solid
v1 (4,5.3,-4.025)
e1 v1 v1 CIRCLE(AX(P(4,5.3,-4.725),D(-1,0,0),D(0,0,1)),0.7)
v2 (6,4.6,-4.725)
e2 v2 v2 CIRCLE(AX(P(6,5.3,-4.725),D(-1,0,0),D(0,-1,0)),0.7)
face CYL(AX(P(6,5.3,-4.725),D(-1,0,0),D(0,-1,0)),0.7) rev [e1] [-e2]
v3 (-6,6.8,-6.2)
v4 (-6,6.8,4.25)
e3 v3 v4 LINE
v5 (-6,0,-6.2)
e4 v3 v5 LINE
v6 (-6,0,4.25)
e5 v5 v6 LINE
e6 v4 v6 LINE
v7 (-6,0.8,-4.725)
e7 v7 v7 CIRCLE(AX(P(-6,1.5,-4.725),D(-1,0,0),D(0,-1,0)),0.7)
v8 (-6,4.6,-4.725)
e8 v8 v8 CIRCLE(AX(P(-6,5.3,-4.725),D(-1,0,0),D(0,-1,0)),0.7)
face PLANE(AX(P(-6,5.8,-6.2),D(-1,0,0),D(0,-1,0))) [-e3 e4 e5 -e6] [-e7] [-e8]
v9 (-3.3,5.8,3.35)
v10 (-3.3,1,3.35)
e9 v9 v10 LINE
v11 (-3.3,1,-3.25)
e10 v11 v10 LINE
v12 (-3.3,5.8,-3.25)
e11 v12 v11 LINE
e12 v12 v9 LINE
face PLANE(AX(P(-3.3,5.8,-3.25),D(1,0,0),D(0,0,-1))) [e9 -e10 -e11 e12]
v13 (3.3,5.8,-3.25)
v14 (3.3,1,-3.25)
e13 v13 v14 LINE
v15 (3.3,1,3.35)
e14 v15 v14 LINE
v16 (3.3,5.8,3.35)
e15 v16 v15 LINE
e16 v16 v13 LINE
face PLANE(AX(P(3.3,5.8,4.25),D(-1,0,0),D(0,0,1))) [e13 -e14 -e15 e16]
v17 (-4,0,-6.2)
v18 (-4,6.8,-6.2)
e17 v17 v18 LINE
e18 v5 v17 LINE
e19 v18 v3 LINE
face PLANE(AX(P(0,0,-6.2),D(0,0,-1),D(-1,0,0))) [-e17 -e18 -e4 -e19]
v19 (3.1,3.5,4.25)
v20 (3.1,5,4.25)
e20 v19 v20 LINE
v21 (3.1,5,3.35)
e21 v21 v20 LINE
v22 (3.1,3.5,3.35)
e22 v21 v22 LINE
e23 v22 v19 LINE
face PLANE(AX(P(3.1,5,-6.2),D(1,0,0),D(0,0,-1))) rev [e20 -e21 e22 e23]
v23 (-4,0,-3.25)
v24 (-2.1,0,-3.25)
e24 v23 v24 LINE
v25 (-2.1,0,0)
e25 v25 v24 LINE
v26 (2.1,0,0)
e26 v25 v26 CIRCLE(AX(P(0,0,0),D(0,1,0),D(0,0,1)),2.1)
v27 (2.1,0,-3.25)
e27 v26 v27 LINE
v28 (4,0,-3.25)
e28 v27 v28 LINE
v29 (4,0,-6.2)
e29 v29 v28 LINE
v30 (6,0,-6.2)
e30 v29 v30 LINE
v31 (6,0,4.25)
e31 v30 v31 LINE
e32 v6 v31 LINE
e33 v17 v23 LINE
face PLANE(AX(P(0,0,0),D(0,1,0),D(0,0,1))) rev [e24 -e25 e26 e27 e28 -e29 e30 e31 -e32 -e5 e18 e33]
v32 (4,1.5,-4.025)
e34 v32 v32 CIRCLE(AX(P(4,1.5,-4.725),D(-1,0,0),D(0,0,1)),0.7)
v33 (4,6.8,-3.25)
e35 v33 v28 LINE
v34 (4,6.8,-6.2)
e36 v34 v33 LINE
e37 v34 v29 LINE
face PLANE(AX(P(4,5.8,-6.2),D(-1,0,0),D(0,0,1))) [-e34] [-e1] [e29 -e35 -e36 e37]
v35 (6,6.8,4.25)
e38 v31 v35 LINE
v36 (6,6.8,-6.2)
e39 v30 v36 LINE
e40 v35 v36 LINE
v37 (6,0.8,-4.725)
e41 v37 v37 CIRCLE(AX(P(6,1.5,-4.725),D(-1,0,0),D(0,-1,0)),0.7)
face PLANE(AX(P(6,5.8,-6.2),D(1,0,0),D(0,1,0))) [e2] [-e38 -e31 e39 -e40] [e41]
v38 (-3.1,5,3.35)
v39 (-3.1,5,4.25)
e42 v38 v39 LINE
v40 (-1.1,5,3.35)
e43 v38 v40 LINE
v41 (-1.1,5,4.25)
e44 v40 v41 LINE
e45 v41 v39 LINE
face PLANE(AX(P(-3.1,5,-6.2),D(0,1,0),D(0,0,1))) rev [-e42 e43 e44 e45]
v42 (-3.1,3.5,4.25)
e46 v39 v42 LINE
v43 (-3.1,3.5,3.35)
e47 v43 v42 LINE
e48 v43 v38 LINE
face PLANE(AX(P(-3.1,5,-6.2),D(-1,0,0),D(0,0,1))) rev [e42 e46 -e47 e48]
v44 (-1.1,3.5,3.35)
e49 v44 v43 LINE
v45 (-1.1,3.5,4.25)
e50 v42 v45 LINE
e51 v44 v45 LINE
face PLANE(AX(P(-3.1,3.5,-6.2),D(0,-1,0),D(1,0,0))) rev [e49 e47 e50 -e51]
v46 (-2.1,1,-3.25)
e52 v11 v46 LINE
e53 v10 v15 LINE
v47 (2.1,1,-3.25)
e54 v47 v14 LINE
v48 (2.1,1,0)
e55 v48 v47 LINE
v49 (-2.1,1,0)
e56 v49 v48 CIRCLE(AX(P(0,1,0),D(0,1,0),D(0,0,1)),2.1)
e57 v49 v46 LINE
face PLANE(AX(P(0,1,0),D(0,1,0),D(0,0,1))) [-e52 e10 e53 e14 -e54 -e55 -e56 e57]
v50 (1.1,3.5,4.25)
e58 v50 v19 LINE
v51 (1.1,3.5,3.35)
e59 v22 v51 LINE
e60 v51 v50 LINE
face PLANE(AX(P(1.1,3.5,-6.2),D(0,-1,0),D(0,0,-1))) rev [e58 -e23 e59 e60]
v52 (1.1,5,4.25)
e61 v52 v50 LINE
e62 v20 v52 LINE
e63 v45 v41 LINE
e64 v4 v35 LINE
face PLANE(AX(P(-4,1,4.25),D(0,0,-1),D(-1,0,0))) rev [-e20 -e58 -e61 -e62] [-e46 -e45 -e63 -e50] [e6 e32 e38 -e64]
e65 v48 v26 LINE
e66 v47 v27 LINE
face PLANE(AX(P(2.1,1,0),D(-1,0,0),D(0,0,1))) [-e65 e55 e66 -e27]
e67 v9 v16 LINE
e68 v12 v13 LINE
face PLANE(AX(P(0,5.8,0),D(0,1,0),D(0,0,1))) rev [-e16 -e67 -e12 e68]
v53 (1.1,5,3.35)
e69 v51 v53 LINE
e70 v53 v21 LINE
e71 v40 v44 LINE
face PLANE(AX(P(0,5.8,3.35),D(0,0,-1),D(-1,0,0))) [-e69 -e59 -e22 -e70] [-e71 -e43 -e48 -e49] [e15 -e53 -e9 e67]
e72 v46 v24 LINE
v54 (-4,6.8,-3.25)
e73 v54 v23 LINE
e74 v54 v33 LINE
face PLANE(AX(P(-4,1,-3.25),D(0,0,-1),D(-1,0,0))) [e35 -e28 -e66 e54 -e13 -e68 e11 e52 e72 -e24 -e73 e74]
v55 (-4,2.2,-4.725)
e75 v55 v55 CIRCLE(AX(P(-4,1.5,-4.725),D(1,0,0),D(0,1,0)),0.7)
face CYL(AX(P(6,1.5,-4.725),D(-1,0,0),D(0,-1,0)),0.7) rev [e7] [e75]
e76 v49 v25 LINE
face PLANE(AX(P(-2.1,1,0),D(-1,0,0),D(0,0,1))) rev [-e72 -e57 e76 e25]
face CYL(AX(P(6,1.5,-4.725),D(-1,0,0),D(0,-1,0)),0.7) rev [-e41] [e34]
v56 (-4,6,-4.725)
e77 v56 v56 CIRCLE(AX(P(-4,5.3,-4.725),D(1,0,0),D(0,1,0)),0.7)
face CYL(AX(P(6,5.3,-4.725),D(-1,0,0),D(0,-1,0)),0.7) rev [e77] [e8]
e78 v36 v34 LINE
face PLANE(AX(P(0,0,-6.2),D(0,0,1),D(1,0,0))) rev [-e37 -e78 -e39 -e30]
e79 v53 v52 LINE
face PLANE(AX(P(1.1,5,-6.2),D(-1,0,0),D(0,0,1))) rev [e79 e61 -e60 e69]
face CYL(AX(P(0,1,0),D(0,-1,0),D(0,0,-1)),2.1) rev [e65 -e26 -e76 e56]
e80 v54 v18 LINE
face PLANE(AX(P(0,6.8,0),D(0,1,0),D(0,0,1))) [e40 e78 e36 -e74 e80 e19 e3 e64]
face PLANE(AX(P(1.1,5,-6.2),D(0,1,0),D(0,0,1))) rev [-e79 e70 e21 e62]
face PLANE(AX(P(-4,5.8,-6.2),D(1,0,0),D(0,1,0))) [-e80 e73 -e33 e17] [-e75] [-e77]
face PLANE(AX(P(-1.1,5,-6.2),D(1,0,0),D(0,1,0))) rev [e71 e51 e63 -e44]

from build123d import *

# Parameters (mm, degrees)
EXTRUDE_1_DEPTH     = 1
EXTRUDE_2_DEPTH     = 4.8
SKETCH_4_W          = 2
SKETCH_4_H          = 5.8
EXTRUDE_3_DEPTH     = 10.45
SKETCH_5_W          = 2
SKETCH_5_H          = 2.95
EXTRUDE_4_DEPTH     = 1
SKETCH_6_W          = 2
SKETCH_6_H          = 1.5
CUT_EXTRUDE_1_DEPTH = 14.836274788
SKETCH_7_R          = 0.7
CUT_EXTRUDE_2_DEPTH = 16.122169157


with BuildPart() as part:
    # 草图1 → 凸台-拉伸1 (new body)
    with BuildSketch(Plane(origin=(0, 0, 0), x_dir=(1, 0, 0), z_dir=(0, 1, 0))):
        with BuildLine():
            Line((-4, 3.25), (-4, -4.25))
            Line((-4, -4.25), (4, -4.25))
            Line((4, -4.25), (4, 3.25))
            Line((4, 3.25), (2.1, 3.25))
            Line((2.1, 3.25), (2.1, 0))
            ThreePointArc((2.1, 0), (0, -2.1), (-2.1, 0))
            Line((-2.1, 0), (-2.1, 3.25))
            Line((-2.1, 3.25), (-4, 3.25))
        make_face()
    extrude(amount=EXTRUDE_1_DEPTH)

    # 草图3 → 凸台-拉伸2 (add)
    with BuildSketch(Plane(origin=(0, 1, 0), x_dir=(1, 0, 0), z_dir=(0, 1, 0))):
        Polygon((-3.3, 3.25), (-4, 3.25), (-4, -4.25), (4, -4.25), (4, 3.25), (3.3, 3.25), (3.3, -3.35), (-3.3, -3.35), align=None)
    extrude(amount=EXTRUDE_2_DEPTH)

    # 草图4 → 凸台-拉伸3 (add)
    with BuildSketch(Plane.XY.offset(4.25)):
        with Locations((5, 2.9)):
            Rectangle(SKETCH_4_W, SKETCH_4_H)
        with Locations((-5, 2.9)):
            Rectangle(SKETCH_4_W, SKETCH_4_H)
    extrude(amount=-EXTRUDE_3_DEPTH)

    # 草图5 → 凸台-拉伸4 (add)
    with BuildSketch(Plane(origin=(0, 5.8, 0), x_dir=(1, 0, 0), z_dir=(0, 1, 0))):
        Polygon((-6, 3.25), (-6, -4.25), (6, -4.25), (6, 3.25), (4, 3.25), (-4, 3.25), align=None)
        with Locations((-5, 4.725)):
            Rectangle(SKETCH_5_W, SKETCH_5_H)
        with Locations((5, 4.725)):
            Rectangle(SKETCH_5_W, SKETCH_5_H)
    extrude(amount=EXTRUDE_4_DEPTH)

    # 草图6 → 切除-拉伸1 (cut, through all)
    with BuildSketch(Plane.XY.offset(4.25)):
        with Locations((-2.1, 4.25)):
            Rectangle(SKETCH_6_W, SKETCH_6_H)
        with Locations((2.1, 4.25)):
            Rectangle(SKETCH_6_W, SKETCH_6_H)
    extrude(amount=-CUT_EXTRUDE_1_DEPTH, mode=Mode.SUBTRACT)

    # 草图7 → 切除-拉伸2 (cut, through all)
    with BuildSketch(Plane.ZY.offset(6)):
        with Locations(Location((-4.725, 5.3, 0), (0, 0, 270))):
            Circle(SKETCH_7_R)
        with Locations(Location((-4.725, 1.5, 0), (0, 0, 270))):
            Circle(SKETCH_7_R)
    extrude(amount=-CUT_EXTRUDE_2_DEPTH, mode=Mode.SUBTRACT)


solid = part.part
